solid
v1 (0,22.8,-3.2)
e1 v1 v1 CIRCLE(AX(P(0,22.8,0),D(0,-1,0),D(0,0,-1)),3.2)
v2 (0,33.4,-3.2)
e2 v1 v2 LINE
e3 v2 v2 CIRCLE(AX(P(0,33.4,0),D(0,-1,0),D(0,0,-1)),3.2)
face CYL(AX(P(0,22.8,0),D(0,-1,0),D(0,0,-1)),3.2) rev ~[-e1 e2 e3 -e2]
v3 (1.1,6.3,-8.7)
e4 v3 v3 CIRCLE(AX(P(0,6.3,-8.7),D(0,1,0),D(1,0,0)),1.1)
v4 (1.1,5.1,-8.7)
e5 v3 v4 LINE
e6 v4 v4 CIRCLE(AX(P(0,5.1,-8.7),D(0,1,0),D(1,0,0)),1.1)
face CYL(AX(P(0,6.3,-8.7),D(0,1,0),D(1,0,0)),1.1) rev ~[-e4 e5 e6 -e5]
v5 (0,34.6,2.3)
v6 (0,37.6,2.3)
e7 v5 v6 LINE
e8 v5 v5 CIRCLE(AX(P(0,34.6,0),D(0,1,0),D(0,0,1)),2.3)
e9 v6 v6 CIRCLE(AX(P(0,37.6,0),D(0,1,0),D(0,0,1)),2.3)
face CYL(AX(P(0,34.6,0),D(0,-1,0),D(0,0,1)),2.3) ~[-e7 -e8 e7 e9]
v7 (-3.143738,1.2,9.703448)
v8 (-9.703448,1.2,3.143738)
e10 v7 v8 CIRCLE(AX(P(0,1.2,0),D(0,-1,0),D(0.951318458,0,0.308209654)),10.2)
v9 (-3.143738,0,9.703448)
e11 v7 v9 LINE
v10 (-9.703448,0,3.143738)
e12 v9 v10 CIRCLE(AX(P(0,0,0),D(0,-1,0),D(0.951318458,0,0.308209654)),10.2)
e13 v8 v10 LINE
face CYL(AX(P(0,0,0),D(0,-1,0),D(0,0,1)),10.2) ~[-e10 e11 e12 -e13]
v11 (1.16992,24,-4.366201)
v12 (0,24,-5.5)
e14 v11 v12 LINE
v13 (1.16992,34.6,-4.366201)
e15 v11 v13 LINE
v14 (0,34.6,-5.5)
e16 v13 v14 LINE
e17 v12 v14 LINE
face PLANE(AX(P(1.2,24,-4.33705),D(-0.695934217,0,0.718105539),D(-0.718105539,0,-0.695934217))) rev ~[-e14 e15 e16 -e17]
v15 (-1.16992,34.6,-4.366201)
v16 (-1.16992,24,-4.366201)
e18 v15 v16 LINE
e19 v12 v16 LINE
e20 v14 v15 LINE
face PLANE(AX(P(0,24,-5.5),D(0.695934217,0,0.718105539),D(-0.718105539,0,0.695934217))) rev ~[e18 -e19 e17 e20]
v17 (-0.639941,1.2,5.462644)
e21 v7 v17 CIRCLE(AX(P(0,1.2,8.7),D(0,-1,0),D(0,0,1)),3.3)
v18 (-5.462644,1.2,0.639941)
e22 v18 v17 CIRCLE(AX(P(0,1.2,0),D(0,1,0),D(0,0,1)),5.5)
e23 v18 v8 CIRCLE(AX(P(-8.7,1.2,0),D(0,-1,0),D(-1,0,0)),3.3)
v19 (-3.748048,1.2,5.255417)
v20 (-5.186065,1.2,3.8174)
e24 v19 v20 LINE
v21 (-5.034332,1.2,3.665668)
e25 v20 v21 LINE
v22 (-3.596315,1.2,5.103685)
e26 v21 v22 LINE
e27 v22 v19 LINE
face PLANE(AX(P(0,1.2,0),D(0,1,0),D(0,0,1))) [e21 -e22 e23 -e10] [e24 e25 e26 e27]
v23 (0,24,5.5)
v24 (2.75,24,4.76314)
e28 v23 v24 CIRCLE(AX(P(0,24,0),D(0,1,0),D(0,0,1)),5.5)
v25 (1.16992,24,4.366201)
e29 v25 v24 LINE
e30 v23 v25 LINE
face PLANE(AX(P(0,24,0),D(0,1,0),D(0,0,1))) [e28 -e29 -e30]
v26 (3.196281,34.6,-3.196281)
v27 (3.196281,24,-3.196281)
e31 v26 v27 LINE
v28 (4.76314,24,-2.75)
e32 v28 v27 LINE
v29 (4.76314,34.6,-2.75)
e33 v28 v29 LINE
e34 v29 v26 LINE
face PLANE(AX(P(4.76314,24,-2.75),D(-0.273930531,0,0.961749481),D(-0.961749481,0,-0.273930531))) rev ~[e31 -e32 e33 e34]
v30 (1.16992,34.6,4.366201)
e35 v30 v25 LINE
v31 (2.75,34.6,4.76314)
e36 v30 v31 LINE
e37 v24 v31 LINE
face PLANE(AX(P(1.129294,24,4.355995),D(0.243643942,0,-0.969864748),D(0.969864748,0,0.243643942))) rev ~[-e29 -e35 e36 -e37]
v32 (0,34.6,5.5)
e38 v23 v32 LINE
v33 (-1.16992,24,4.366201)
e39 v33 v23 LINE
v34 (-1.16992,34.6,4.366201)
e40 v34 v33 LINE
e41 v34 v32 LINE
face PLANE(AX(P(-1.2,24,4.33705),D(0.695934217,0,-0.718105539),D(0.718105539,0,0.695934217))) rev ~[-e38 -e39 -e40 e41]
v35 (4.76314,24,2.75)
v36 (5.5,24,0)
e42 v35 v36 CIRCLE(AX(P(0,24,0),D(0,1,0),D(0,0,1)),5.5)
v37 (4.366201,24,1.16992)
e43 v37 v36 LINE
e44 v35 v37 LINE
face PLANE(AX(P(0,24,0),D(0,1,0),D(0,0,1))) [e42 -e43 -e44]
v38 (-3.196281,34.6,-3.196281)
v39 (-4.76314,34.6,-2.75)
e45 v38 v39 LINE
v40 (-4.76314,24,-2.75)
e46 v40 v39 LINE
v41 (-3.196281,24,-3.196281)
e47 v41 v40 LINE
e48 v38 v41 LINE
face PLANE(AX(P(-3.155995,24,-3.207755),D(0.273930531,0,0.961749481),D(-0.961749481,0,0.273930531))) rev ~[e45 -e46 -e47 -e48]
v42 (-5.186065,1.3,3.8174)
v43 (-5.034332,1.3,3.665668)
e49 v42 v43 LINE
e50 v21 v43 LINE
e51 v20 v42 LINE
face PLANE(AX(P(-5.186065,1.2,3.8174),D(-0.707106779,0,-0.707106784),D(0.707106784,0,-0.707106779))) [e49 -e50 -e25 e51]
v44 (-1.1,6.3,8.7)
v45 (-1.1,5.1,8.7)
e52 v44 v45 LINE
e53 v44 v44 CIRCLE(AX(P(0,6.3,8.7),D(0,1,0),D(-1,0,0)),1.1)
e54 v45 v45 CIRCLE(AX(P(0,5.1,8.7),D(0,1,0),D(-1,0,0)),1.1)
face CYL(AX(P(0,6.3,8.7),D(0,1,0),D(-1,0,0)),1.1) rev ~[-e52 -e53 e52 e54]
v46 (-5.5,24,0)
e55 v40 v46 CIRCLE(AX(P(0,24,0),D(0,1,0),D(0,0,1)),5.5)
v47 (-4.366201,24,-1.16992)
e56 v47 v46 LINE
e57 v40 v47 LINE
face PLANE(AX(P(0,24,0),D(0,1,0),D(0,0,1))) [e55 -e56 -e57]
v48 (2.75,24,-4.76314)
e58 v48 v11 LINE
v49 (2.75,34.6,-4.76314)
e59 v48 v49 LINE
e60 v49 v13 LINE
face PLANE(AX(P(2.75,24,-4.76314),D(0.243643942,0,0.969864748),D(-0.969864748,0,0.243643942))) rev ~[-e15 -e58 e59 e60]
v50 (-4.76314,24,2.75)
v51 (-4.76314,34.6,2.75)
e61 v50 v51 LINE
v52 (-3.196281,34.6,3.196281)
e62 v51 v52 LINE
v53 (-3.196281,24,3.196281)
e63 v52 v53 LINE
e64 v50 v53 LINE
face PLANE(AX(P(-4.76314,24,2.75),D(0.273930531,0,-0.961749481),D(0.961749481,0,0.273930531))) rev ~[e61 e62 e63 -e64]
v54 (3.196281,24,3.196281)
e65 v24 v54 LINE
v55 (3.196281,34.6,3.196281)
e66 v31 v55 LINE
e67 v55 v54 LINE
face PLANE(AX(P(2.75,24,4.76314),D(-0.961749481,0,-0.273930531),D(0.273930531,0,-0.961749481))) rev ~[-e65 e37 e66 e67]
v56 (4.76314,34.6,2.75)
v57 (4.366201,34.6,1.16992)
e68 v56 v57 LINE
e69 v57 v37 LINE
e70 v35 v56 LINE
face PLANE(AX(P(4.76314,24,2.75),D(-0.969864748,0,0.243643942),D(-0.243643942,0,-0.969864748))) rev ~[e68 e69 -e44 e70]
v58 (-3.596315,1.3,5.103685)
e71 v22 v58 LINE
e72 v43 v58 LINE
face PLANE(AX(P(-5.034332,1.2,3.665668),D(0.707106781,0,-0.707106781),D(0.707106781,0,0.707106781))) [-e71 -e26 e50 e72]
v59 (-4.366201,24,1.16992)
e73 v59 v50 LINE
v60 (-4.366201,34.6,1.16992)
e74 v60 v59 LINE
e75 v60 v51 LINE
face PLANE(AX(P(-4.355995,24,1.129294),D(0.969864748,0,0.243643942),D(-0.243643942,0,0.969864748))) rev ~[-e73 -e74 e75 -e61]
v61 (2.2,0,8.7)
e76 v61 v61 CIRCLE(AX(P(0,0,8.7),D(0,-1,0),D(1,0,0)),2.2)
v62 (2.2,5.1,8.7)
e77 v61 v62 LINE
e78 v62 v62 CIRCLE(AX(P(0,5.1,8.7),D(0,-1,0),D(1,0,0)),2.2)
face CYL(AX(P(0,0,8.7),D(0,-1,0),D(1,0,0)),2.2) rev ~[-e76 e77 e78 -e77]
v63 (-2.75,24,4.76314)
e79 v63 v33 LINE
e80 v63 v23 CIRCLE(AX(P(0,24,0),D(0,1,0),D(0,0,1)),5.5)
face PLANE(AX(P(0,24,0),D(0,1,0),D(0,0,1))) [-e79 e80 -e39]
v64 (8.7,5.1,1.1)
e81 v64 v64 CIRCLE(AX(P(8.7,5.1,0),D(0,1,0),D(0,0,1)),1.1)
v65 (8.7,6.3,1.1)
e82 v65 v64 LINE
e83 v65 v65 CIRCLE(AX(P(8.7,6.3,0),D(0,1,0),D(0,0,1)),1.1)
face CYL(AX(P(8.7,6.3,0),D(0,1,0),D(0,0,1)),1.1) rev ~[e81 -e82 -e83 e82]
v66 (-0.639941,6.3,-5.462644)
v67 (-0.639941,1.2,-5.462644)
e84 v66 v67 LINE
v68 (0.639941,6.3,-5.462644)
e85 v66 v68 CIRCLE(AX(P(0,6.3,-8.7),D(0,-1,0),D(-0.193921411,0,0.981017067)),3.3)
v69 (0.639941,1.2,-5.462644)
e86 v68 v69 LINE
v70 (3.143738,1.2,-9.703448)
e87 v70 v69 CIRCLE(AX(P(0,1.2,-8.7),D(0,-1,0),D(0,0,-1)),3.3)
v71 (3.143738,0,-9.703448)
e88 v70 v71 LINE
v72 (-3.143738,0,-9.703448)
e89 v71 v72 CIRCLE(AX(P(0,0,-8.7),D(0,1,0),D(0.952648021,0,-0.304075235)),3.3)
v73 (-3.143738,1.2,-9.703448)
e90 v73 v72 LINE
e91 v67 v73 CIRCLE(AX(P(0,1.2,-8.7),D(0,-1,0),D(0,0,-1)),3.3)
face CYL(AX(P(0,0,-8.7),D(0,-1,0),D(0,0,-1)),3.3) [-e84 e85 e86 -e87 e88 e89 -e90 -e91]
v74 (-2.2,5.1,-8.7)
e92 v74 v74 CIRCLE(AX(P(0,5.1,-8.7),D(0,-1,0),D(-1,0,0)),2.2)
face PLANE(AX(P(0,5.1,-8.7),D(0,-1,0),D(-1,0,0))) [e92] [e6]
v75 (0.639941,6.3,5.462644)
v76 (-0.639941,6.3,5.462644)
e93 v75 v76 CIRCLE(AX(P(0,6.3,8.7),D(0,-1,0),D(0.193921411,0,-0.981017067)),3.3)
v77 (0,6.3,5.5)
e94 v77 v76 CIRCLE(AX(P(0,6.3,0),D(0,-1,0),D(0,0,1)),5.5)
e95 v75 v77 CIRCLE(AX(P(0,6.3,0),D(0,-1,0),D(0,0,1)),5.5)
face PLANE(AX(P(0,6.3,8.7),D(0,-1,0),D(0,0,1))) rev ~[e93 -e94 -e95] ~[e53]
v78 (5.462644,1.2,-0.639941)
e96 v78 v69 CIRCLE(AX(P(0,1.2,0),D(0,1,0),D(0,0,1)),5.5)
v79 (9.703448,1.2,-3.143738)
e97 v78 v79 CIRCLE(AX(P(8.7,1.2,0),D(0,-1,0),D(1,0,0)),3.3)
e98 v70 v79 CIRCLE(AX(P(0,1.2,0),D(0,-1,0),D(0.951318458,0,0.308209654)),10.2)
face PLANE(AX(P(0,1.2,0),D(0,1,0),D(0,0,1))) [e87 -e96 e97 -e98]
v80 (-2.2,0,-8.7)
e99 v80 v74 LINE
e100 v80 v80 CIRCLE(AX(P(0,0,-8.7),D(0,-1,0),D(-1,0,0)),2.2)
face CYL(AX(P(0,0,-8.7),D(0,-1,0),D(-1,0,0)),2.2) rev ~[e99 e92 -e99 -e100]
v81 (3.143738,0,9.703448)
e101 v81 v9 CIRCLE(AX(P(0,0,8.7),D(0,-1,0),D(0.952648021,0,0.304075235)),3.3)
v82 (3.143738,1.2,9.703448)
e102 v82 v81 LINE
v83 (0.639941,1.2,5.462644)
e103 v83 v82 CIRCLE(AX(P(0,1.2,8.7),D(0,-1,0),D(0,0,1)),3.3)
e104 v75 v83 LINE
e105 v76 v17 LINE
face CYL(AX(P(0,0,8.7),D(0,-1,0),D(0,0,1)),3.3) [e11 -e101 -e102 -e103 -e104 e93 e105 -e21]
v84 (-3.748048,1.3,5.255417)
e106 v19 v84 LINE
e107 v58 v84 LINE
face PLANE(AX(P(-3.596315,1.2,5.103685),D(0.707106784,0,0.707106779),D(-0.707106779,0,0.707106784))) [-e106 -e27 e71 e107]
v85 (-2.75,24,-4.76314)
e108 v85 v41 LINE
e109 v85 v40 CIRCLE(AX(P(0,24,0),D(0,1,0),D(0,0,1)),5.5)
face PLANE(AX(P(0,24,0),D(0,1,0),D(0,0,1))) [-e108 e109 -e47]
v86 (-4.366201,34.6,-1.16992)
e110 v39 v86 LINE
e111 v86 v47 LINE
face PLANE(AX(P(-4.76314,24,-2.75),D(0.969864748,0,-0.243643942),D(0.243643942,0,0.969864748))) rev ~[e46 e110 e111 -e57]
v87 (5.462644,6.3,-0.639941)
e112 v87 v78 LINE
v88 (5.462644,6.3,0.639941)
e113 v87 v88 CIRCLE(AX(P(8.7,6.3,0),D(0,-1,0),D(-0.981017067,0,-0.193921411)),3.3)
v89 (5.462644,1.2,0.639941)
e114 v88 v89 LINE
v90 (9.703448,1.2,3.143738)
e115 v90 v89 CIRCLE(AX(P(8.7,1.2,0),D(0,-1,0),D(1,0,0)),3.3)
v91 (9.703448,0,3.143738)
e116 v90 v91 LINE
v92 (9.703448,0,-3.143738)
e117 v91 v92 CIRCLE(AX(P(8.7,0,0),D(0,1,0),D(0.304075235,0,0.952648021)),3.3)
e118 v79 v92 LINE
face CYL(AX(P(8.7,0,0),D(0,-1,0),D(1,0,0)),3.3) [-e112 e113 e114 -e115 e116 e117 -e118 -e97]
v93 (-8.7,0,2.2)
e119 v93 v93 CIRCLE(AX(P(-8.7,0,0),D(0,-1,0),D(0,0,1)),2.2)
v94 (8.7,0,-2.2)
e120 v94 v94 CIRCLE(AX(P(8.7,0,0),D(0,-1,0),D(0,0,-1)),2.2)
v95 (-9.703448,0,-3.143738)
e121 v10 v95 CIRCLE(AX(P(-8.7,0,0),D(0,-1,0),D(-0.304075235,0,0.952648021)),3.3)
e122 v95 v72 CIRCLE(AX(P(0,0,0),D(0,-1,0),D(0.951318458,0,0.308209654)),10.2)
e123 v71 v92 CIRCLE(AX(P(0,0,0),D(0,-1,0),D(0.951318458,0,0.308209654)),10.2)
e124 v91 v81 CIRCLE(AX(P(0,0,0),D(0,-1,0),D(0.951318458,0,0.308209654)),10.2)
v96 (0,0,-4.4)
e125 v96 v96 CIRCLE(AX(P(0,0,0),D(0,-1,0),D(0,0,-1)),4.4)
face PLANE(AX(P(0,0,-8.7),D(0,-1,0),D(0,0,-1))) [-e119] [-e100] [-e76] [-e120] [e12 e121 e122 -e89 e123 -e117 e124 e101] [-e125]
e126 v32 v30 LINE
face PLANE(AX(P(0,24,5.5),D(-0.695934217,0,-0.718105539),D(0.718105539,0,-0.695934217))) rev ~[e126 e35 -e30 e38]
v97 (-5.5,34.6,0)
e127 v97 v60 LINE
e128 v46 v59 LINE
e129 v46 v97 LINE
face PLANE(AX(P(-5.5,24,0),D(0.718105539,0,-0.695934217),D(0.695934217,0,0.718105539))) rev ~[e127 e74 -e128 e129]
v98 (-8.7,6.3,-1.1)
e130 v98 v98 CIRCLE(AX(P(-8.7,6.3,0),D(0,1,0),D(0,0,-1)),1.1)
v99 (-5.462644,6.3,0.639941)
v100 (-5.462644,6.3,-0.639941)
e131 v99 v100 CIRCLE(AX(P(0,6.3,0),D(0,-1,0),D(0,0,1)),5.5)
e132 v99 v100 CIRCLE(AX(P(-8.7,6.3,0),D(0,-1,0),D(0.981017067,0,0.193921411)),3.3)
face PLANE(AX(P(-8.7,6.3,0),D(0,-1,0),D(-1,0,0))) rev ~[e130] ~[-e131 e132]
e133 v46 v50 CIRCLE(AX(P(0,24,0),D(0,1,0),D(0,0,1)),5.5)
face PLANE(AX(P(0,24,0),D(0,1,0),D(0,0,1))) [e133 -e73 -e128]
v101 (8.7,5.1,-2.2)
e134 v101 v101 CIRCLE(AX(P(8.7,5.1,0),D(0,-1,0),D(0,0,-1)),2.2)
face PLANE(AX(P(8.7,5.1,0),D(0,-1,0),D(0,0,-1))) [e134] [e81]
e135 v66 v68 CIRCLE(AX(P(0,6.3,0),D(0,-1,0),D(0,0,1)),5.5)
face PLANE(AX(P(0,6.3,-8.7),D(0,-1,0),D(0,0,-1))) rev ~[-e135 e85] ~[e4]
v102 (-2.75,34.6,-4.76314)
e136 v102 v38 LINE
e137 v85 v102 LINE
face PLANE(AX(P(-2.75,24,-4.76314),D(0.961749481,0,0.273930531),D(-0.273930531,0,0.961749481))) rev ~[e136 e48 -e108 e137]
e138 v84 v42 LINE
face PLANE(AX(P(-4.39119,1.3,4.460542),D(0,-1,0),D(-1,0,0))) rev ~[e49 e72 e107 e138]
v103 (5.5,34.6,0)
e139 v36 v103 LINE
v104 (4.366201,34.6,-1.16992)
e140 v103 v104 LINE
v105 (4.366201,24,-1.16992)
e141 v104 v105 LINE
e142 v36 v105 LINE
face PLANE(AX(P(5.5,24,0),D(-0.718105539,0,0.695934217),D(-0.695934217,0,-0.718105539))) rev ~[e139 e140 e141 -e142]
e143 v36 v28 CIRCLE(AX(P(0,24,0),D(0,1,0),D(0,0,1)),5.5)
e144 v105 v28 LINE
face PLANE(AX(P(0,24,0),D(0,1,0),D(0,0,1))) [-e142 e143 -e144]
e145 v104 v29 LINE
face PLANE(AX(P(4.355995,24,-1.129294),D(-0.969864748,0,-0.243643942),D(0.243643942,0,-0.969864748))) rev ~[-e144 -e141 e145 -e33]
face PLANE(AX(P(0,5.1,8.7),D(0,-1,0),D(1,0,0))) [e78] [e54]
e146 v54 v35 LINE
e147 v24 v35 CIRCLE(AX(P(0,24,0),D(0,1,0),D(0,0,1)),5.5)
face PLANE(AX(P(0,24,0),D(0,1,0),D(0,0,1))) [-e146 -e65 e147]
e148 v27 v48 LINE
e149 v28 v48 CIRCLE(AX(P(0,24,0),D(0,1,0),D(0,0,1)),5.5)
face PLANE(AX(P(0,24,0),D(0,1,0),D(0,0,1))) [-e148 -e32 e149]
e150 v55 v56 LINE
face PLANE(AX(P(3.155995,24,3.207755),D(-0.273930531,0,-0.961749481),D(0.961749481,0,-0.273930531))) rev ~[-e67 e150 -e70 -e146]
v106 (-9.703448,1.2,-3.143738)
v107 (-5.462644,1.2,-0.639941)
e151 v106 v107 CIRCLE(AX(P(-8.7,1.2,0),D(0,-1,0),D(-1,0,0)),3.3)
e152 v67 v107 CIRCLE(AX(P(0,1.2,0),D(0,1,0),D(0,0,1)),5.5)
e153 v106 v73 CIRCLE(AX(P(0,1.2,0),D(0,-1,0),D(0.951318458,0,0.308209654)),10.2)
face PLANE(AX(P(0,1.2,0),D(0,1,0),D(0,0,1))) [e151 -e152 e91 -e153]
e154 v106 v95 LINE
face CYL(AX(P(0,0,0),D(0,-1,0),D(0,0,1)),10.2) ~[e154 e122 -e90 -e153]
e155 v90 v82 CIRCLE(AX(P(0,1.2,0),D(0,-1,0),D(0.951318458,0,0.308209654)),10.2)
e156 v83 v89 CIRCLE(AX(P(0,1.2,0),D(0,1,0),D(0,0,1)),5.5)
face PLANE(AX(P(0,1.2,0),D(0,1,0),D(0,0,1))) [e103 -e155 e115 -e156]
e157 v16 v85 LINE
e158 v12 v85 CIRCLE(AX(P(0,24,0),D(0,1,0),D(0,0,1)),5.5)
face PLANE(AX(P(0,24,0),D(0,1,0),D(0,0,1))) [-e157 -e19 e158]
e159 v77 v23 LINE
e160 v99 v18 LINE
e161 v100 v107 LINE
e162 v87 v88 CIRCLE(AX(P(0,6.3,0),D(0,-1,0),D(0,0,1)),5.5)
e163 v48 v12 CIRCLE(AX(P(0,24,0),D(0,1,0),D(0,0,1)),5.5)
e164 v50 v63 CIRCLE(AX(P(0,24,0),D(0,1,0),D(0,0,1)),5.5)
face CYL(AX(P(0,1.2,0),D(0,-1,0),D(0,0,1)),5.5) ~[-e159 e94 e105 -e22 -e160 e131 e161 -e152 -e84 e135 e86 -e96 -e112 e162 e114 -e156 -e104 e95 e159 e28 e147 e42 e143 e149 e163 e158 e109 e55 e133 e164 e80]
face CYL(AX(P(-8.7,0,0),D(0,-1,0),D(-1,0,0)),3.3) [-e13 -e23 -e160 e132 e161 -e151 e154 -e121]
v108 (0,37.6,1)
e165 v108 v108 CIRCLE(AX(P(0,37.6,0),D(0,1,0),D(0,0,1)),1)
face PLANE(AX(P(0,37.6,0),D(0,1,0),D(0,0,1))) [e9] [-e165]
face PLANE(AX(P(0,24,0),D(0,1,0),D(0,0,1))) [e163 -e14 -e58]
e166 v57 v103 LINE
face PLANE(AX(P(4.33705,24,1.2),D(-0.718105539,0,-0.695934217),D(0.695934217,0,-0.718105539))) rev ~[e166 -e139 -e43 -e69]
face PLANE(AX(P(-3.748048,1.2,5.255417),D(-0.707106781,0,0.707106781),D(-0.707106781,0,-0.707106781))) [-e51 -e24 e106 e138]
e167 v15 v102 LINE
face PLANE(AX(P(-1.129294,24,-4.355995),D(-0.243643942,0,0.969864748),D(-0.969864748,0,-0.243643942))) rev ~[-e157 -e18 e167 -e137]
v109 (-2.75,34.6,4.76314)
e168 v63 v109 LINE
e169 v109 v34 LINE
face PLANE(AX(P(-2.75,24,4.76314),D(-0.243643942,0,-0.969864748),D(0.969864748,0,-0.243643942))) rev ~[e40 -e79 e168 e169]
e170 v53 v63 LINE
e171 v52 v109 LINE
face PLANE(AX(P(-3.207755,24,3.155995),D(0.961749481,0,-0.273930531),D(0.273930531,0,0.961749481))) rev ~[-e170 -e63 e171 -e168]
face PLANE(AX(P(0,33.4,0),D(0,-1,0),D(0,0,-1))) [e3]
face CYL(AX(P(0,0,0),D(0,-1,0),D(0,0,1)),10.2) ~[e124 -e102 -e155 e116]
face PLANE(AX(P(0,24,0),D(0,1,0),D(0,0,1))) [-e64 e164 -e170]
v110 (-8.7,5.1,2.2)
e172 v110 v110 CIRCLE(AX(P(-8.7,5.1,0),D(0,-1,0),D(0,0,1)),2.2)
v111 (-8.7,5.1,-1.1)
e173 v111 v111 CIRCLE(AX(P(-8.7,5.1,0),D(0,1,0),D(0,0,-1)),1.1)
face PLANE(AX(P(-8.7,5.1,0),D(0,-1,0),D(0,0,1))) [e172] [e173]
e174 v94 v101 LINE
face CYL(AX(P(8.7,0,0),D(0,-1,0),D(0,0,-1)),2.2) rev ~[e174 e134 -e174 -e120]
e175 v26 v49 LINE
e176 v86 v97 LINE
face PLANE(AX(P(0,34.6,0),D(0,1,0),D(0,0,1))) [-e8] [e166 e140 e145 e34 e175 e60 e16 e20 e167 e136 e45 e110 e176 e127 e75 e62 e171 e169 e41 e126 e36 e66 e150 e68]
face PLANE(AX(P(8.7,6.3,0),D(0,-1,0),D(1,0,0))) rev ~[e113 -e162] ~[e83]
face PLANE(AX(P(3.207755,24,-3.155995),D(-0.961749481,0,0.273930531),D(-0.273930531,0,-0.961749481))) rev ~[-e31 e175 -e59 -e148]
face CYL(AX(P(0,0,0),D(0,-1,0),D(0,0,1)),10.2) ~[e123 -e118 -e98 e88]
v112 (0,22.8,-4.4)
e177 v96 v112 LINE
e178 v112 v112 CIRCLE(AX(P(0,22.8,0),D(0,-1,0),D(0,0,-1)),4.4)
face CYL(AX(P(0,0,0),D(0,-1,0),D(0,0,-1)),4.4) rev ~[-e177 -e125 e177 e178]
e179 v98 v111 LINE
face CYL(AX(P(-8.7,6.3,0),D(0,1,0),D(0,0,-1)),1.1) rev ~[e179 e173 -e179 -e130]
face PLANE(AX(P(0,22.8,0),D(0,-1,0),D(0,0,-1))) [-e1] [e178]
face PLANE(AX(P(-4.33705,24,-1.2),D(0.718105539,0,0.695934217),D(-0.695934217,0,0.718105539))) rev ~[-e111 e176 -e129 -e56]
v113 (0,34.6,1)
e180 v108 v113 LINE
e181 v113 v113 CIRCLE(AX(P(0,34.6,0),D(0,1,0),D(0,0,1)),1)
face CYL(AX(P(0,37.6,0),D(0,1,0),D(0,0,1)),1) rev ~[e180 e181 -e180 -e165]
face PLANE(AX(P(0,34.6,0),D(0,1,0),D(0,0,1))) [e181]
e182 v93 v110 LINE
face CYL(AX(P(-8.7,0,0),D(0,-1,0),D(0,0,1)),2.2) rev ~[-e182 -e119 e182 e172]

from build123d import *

# Parameters (mm, degrees)
SKETCH1_R            = 10.2
BOSS_EXTRUDE1_DEPTH  = 1.2
SKETCH3_R            = 5.5
BOSS_EXTRUDE2_DEPTH  = 22.8
SKETCH6_R            = 3.3
BOSS_EXTRUDE7_DEPTH  = 6.3
SKETCH7_R            = 2.2
CUT_EXTRUDE1_DEPTH   = 5.1
SKETCH8_R            = 1.1
CUT_EXTRUDE2_DEPTH   = 1.2
CIRPATTERN1_COUNT    = 4
SKETCH9_R            = 4.4
CUT_EXTRUDE3_DEPTH   = 22.8
SKETCH10_R           = 4.5
BOSS_EXTRUDE8_DEPTH  = 10.6
BOSS_EXTRUDE9_DEPTH  = 10.6
CIRPATTERN2_COUNT    = 12
SKETCH12_R           = 3.2
CUT_EXTRUDE4_DEPTH   = 10.6
SKETCH13_R           = 2.3
BOSS_EXTRUDE10_DEPTH = 3
SKETCH14_R           = 1
CUT_EXTRUDE5_DEPTH   = 3
BOSS_EXTRUDE11_DEPTH = 0.1


with BuildPart() as part:
    # Sketch1 → Boss-Extrude1 (new body)
    with BuildSketch(Plane(origin=(0, 0, 0), x_dir=(1, 0, 0), z_dir=(0, 1, 0))):
        Circle(SKETCH1_R)
    extrude(amount=BOSS_EXTRUDE1_DEPTH)

    # Sketch3 → Boss-Extrude2 (add)
    with BuildSketch(Plane(origin=(0, 1.2, 0), x_dir=(1, 0, 0), z_dir=(0, 1, 0))):
        Circle(SKETCH3_R)
    extrude(amount=BOSS_EXTRUDE2_DEPTH)

    # Sketch6 → Boss-Extrude7 (add)
    with BuildSketch(Plane.XZ):
        with Locations((8.7, 0)):
            Circle(SKETCH6_R)
    boss_extrude7 = extrude(amount=-BOSS_EXTRUDE7_DEPTH)

    # Sketch7 → Cut-Extrude1 (cut)
    with BuildSketch(Plane.XZ):
        with Locations((8.7, 0)):
            Circle(SKETCH7_R)
    cut_extrude1 = extrude(amount=-CUT_EXTRUDE1_DEPTH, mode=Mode.SUBTRACT)

    # Sketch8 → Cut-Extrude2 (cut)
    with BuildSketch(Plane(origin=(0, 6.3, 0), x_dir=(1, 0, 0), z_dir=(0, 1, 0))):
        with Locations((8.7, 0)):
            Circle(SKETCH8_R)
    cut_extrude2 = extrude(amount=-CUT_EXTRUDE2_DEPTH, mode=Mode.SUBTRACT)

    # CirPattern1: Boss-Extrude7, Cut-Extrude1, Cut-Extrude2 ×4 about axis
    cirpattern1_axis = Axis((0, 25.2, 0), (0, -1, 0))
    add([boss_extrude7.rotate(cirpattern1_axis, i * 360 / CIRPATTERN1_COUNT) for i in range(1, CIRPATTERN1_COUNT)])
    add([cut_extrude1.rotate(cirpattern1_axis, i * 360 / CIRPATTERN1_COUNT) for i in range(1, CIRPATTERN1_COUNT)], mode=Mode.SUBTRACT)
    add([cut_extrude2.rotate(cirpattern1_axis, i * 360 / CIRPATTERN1_COUNT) for i in range(1, CIRPATTERN1_COUNT)], mode=Mode.SUBTRACT)

    # Sketch9 → Cut-Extrude3 (cut)
    with BuildSketch(Plane(origin=(0, 0, 0), x_dir=(-1, 0, 0), z_dir=(0, -1, 0))):
        Circle(SKETCH9_R)
    extrude(amount=-CUT_EXTRUDE3_DEPTH, mode=Mode.SUBTRACT)

    # Sketch10 → Boss-Extrude8 (add)
    with BuildSketch(Plane(origin=(0, 24, 0), x_dir=(1, 0, 0), z_dir=(0, 1, 0))):
        Circle(SKETCH10_R)
    extrude(amount=BOSS_EXTRUDE8_DEPTH)

    # Sketch11 → Boss-Extrude9 (add)
    with BuildSketch(Plane(origin=(0, 24, 0), x_dir=(1, 0, 0), z_dir=(0, 1, 0))):
        Polygon((-1.2, 4.337049688), (1.2, 4.337049688), (0, 5.5), align=None)
    boss_extrude9 = extrude(amount=BOSS_EXTRUDE9_DEPTH)

    # CirPattern2: Boss-Extrude9 ×12 about axis
    cirpattern2_axis = Axis((0, 25.2, 0), (0, -1, 0))
    for i in range(1, CIRPATTERN2_COUNT):
        add(boss_extrude9.rotate(cirpattern2_axis, i * 360 / CIRPATTERN2_COUNT))

    # Sketch12 → Cut-Extrude4 (cut)
    with BuildSketch(Plane.XZ.offset(-22.8)):
        Circle(SKETCH12_R)
    extrude(amount=-CUT_EXTRUDE4_DEPTH, mode=Mode.SUBTRACT)

    # Sketch13 → Boss-Extrude10 (add)
    with BuildSketch(Plane(origin=(0, 34.6, 0), x_dir=(1, 0, 0), z_dir=(0, 1, 0))):
        Circle(SKETCH13_R)
    extrude(amount=BOSS_EXTRUDE10_DEPTH)

    # Sketch14 → Cut-Extrude5 (cut)
    with BuildSketch(Plane(origin=(0, 37.6, 0), x_dir=(1, 0, 0), z_dir=(0, 1, 0))):
        Circle(SKETCH14_R)
    extrude(amount=-CUT_EXTRUDE5_DEPTH, mode=Mode.SUBTRACT)

    # Sketch15 → Boss-Extrude11 (add)
    with BuildSketch(Plane(origin=(0, 1.2, 0), x_dir=(1, 0, 0), z_dir=(0, 1, 0))):
        Polygon((-5.03433242, -3.66566758), (-3.596315227, -5.103684773), (-3.748047753, -5.2554173), (-5.186064947, -3.817400106), align=None)
    extrude(amount=BOSS_EXTRUDE11_DEPTH)


solid = part.part
